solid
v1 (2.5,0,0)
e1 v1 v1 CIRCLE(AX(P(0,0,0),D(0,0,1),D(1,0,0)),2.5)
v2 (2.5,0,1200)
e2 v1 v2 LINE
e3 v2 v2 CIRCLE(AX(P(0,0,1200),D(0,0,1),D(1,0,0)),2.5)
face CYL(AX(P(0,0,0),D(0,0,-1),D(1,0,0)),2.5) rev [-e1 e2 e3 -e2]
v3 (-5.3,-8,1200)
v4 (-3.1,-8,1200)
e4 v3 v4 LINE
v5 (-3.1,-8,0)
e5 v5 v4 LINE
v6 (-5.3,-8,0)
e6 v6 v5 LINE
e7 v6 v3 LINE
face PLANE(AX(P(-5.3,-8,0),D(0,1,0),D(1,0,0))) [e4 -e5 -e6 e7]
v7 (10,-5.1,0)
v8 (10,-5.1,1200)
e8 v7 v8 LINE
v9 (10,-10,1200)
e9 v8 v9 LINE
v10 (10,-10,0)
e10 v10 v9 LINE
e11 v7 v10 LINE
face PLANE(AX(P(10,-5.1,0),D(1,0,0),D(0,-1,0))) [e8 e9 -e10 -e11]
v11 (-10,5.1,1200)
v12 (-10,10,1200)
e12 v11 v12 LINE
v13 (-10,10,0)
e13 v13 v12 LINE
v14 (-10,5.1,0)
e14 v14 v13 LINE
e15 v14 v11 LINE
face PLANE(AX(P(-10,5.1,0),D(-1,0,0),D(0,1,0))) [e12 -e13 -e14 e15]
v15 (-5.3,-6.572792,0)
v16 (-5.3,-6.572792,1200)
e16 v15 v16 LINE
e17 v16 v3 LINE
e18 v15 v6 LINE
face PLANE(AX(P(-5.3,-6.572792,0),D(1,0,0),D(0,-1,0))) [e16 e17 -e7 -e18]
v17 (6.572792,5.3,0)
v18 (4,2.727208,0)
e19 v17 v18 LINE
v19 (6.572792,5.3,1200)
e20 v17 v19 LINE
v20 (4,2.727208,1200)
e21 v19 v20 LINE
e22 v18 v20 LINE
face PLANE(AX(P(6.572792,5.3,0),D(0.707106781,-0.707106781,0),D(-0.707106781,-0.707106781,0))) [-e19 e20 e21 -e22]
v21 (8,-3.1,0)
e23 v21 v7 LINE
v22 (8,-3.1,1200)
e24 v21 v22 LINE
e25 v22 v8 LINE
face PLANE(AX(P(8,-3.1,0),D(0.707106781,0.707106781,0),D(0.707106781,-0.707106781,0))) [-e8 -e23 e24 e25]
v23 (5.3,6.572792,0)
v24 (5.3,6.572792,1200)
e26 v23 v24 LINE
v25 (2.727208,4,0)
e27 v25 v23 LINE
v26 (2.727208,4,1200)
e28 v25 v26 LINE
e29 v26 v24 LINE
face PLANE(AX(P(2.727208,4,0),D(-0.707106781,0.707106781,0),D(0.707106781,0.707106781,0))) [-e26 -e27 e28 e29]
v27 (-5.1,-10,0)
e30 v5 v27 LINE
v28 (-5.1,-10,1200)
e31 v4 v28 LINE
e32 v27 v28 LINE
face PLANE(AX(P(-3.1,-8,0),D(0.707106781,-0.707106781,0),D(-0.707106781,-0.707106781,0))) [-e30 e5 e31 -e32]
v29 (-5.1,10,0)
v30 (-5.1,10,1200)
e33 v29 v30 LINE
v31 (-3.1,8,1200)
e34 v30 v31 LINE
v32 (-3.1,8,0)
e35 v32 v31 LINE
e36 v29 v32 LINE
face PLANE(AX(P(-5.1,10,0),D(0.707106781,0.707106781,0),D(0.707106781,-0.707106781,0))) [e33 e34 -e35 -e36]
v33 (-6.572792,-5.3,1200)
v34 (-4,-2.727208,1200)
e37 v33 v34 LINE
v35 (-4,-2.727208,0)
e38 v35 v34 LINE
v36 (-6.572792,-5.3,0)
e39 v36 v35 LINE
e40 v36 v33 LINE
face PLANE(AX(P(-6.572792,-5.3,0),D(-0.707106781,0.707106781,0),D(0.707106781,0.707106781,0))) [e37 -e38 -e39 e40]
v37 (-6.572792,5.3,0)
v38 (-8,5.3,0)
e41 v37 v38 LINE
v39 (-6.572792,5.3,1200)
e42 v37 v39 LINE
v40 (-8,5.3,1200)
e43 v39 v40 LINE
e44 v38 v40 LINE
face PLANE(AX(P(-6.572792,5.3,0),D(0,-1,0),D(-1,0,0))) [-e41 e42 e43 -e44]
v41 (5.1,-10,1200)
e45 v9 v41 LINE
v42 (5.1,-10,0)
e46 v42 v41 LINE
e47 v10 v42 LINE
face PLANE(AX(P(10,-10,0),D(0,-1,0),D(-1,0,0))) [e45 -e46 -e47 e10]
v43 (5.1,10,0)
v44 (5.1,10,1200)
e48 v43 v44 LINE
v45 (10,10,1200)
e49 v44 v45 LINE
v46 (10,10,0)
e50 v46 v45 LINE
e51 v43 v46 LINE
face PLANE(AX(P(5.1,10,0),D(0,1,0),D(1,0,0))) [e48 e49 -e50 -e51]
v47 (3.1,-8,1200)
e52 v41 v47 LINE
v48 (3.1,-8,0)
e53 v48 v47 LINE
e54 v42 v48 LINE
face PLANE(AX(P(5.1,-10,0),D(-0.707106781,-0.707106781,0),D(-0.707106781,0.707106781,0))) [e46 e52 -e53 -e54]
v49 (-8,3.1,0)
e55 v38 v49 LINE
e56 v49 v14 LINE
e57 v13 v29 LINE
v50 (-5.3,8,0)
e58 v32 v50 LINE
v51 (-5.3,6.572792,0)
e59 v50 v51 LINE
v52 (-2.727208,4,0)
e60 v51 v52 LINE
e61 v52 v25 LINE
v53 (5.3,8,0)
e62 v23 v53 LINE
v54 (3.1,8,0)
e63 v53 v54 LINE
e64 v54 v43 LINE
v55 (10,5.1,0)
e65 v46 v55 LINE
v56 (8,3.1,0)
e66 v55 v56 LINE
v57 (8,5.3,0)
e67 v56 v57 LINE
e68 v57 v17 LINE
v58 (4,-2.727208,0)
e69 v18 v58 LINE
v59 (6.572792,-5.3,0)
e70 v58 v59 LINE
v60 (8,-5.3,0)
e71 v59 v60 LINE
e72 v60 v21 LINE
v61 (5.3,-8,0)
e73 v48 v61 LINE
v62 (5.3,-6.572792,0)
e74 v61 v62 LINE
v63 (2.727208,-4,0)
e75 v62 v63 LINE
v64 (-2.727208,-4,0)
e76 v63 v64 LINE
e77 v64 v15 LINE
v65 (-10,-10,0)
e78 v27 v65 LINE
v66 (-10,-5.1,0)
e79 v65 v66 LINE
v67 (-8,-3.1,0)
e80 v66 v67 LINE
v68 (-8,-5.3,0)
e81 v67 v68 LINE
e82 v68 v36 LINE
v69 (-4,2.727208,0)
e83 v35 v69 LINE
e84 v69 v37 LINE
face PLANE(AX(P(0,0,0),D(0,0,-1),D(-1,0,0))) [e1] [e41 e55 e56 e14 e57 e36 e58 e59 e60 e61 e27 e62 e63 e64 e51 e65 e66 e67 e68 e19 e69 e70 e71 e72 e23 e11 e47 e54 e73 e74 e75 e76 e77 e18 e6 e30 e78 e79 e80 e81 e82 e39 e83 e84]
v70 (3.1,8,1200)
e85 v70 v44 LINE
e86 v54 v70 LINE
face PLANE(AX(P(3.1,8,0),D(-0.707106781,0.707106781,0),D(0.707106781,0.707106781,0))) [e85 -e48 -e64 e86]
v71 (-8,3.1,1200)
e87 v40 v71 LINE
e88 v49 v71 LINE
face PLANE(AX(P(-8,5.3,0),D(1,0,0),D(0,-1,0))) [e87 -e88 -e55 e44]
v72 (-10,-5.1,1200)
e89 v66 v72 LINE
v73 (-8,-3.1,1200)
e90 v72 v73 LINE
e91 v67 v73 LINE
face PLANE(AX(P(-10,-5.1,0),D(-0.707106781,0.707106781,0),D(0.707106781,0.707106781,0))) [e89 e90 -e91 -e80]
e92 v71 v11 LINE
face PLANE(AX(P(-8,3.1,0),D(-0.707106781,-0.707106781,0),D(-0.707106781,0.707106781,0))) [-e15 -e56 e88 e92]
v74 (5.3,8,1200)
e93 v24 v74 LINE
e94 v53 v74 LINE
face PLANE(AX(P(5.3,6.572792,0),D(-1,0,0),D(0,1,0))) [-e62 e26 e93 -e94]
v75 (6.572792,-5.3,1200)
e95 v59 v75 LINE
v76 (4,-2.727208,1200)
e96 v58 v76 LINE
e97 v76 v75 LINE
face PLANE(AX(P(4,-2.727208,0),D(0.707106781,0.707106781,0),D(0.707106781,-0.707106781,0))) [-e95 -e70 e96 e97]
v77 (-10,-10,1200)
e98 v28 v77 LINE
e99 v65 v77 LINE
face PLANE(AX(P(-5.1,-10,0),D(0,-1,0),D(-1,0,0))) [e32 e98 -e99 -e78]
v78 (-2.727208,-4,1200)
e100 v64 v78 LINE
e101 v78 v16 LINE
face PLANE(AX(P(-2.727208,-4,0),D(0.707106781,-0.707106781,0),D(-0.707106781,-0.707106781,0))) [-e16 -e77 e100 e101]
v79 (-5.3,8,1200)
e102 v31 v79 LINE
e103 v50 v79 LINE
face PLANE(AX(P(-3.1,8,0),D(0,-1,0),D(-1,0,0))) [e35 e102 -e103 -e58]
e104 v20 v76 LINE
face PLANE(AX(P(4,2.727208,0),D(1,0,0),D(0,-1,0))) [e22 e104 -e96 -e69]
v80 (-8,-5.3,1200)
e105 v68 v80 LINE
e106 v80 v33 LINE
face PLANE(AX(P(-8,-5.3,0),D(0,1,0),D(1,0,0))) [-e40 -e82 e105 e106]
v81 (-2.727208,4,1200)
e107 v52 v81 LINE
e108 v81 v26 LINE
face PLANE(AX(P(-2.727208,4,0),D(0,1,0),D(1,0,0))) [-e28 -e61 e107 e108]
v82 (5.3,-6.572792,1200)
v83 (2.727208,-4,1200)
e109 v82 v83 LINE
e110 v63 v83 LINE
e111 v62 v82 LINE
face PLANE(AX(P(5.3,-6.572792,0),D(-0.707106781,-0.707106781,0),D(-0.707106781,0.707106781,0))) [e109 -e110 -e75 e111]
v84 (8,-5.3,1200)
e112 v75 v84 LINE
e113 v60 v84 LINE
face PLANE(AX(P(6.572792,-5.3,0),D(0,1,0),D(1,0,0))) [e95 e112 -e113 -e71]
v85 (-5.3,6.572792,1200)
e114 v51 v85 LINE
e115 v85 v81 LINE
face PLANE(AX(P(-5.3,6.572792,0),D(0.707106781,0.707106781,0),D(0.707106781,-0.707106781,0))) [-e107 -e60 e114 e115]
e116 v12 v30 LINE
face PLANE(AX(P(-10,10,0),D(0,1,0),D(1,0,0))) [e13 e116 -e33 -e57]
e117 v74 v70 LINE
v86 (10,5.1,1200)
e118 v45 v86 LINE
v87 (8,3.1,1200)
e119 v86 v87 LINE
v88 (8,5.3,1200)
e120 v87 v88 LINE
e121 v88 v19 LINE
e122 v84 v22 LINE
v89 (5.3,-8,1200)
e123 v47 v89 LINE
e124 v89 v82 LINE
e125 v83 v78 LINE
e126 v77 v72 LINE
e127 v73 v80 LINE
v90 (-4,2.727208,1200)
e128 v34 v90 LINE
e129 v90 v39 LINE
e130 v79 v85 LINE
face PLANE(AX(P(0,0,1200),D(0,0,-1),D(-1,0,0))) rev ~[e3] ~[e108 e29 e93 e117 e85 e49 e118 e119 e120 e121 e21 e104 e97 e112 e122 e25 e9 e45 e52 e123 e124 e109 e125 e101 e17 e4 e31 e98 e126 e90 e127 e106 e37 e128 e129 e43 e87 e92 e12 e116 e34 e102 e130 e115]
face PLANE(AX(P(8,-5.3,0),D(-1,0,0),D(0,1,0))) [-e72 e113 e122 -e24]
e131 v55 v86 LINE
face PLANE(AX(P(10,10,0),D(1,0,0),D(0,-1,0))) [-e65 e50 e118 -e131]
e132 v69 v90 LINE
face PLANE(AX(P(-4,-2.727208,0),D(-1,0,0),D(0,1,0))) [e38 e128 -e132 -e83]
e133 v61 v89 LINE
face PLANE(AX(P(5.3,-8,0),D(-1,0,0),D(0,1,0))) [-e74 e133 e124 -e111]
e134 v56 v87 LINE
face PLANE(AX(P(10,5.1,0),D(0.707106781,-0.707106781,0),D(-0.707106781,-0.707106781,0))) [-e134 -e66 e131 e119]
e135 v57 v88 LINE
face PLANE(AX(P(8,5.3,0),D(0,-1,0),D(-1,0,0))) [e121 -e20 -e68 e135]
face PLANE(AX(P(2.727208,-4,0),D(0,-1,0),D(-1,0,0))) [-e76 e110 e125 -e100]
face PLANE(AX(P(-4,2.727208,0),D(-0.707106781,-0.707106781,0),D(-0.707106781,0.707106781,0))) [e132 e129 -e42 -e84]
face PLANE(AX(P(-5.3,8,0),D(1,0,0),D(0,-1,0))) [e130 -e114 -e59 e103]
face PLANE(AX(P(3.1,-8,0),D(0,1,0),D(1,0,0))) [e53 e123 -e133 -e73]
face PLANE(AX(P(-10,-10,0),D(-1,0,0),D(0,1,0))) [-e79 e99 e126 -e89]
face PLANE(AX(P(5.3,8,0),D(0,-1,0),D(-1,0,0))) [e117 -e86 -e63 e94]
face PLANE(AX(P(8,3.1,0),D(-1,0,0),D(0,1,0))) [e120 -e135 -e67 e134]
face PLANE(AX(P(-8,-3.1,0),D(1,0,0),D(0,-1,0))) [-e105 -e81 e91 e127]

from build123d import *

# Parameters (mm, degrees)
SKETCH1_R           = 2.5
BOSS_EXTRUDE1_DEPTH = 1200


with BuildPart() as part:
    # Sketch1 → Boss-Extrude1 (new body)
    with BuildSketch(Plane.XY):
        Polygon((-2.727207794, 4), (2.727207794, 4), (5.3, 6.572792206), (5.3, 8), (3.1, 8), (5.1, 10), (10, 10), (10, 5.1), (8, 3.1), (8, 5.3), (6.572792206, 5.3), (4, 2.727207794), (4, -2.727207794), (6.572792206, -5.3), (8, -5.3), (8, -3.1), (10, -5.1), (10, -10), (5.1, -10), (3.1, -8), (5.3, -8), (5.3, -6.572792206), (2.727207794, -4), (-2.727207794, -4), (-5.3, -6.572792206), (-5.3, -8), (-3.1, -8), (-5.1, -10), (-10, -10), (-10, -5.1), (-8, -3.1), (-8, -5.3), (-6.572792206, -5.3), (-4, -2.727207794), (-4, 2.727207794), (-6.572792206, 5.3), (-8, 5.3), (-8, 3.1), (-10, 5.1), (-10, 10), (-5.1, 10), (-3.1, 8), (-5.3, 8), (-5.3, 6.572792206), align=None)
        Circle(SKETCH1_R, mode=Mode.SUBTRACT)
    extrude(amount=BOSS_EXTRUDE1_DEPTH)


solid = part.part
